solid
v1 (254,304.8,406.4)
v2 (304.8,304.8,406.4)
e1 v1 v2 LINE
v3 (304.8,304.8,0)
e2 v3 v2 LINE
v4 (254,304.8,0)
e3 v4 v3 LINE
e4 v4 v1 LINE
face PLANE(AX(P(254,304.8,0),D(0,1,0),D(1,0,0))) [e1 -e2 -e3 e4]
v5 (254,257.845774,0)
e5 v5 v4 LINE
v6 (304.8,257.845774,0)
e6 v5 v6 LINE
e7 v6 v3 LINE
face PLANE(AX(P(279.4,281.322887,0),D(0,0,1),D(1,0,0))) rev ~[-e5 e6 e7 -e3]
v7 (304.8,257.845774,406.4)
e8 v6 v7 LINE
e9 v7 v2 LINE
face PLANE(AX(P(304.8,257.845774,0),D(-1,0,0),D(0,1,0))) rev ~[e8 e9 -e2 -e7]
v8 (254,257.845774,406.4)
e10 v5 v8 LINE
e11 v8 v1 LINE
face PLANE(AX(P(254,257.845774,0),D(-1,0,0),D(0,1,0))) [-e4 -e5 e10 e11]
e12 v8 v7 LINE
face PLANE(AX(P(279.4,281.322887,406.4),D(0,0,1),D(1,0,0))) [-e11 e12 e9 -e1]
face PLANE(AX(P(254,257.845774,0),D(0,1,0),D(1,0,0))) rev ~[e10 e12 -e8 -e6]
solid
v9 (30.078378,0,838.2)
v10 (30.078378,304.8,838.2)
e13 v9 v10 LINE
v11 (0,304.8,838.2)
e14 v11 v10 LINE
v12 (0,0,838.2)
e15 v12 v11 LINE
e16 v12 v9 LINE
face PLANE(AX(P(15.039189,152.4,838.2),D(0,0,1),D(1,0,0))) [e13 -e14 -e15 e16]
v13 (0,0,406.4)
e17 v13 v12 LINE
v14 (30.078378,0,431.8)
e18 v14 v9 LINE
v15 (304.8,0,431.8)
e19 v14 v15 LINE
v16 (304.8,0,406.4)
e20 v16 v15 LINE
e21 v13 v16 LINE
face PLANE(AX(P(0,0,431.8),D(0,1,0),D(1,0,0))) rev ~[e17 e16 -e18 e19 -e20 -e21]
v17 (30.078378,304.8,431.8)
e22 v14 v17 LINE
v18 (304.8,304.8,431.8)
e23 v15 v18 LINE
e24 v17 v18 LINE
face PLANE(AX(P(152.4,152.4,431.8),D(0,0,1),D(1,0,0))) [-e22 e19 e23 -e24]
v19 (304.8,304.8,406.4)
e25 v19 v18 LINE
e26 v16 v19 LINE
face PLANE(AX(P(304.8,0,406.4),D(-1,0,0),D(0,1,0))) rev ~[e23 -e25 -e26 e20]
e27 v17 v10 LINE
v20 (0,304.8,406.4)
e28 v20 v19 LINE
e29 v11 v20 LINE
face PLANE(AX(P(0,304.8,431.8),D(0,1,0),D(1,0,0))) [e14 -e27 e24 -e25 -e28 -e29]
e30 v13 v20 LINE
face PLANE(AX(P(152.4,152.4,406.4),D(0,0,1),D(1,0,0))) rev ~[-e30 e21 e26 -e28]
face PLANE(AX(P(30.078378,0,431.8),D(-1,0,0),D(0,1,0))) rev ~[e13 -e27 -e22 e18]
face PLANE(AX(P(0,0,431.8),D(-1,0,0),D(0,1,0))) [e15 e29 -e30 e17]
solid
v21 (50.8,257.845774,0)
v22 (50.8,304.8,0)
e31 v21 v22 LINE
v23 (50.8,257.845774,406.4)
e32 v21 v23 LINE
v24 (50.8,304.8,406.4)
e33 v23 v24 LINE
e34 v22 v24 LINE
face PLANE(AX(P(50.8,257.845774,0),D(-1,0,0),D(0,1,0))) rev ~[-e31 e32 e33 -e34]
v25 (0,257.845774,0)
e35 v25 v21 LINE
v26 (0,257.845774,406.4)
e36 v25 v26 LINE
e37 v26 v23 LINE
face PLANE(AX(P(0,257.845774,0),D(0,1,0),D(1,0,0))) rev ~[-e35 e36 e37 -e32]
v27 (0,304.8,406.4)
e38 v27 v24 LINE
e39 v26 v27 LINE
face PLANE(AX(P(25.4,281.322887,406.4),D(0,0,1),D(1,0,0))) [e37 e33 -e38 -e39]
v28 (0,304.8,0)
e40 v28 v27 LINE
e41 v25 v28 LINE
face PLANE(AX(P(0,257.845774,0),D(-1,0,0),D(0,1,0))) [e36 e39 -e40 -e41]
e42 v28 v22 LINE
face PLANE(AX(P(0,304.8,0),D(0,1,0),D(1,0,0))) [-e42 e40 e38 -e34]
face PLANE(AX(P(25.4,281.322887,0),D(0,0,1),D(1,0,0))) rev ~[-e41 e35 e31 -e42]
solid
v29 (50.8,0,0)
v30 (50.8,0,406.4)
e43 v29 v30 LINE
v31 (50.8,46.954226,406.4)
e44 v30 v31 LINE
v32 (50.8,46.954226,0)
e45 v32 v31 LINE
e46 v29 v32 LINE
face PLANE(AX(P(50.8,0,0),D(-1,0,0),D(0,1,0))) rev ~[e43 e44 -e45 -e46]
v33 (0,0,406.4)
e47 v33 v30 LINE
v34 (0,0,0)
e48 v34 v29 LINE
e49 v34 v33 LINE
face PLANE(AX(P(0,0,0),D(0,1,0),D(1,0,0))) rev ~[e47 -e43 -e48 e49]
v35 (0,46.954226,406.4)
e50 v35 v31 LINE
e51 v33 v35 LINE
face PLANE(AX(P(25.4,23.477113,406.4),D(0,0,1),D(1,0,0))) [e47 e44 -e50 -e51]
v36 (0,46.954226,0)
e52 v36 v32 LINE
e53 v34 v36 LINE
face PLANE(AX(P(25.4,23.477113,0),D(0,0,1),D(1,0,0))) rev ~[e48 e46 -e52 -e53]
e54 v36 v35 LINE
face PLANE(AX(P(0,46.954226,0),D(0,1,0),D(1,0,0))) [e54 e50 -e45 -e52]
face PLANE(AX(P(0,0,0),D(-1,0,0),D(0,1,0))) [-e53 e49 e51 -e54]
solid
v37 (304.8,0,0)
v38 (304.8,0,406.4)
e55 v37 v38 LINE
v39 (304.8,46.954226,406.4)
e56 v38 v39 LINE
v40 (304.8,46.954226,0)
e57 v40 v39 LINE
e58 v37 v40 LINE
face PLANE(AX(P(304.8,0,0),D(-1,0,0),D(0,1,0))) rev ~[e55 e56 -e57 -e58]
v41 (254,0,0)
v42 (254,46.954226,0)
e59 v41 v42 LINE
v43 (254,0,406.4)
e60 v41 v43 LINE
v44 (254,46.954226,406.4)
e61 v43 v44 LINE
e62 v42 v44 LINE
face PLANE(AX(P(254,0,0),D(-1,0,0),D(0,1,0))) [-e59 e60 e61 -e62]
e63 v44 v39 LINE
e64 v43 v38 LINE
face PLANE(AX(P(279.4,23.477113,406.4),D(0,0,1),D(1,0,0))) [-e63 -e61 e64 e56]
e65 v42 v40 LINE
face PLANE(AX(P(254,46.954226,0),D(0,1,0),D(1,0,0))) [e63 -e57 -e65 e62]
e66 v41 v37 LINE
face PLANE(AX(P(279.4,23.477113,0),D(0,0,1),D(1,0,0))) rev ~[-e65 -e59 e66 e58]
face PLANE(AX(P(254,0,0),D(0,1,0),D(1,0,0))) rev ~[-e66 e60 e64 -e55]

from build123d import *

# Parameters (mm, degrees)
F0_W     = 50.8
F0_H     = 46.954226
F1_DEPTH = 406.4
F2_W     = 304.8
F2_H     = 304.8
F3_DEPTH = 25.4
F4_W     = 30.078378
F4_H     = 304.8
F5_DEPTH = 406.4


with BuildPart() as f1:
    # F0 (on Top) → F1 (new body)
    with BuildSketch(Plane.XY):
        with Locations((279.4, 23.477113)):
            Rectangle(F0_W, F0_H)
        with Locations((25.4, 23.477113)):
            Rectangle(F0_W, F0_H)
        with Locations((25.4, 281.322887)):
            Rectangle(F0_W, F0_H)
        with Locations((279.4, 281.322887)):
            Rectangle(F0_W, F0_H)
    extrude(amount=F1_DEPTH)


with BuildPart() as f3:
    # F2 (on face) → F3 (new body)
    with BuildSketch(Plane.XY.offset(406.4)):
        with Locations((152.4, 152.4)):
            Rectangle(F2_W, F2_H)
    extrude(amount=F3_DEPTH)

    # F4 (on face) → F5 (join)
    with BuildSketch(Plane.XY.offset(431.8)):
        with Locations((15.039189, 152.4)):
            Rectangle(F4_W, F4_H)
    extrude(amount=F5_DEPTH)


solid = Compound([f1.part, f3.part])
